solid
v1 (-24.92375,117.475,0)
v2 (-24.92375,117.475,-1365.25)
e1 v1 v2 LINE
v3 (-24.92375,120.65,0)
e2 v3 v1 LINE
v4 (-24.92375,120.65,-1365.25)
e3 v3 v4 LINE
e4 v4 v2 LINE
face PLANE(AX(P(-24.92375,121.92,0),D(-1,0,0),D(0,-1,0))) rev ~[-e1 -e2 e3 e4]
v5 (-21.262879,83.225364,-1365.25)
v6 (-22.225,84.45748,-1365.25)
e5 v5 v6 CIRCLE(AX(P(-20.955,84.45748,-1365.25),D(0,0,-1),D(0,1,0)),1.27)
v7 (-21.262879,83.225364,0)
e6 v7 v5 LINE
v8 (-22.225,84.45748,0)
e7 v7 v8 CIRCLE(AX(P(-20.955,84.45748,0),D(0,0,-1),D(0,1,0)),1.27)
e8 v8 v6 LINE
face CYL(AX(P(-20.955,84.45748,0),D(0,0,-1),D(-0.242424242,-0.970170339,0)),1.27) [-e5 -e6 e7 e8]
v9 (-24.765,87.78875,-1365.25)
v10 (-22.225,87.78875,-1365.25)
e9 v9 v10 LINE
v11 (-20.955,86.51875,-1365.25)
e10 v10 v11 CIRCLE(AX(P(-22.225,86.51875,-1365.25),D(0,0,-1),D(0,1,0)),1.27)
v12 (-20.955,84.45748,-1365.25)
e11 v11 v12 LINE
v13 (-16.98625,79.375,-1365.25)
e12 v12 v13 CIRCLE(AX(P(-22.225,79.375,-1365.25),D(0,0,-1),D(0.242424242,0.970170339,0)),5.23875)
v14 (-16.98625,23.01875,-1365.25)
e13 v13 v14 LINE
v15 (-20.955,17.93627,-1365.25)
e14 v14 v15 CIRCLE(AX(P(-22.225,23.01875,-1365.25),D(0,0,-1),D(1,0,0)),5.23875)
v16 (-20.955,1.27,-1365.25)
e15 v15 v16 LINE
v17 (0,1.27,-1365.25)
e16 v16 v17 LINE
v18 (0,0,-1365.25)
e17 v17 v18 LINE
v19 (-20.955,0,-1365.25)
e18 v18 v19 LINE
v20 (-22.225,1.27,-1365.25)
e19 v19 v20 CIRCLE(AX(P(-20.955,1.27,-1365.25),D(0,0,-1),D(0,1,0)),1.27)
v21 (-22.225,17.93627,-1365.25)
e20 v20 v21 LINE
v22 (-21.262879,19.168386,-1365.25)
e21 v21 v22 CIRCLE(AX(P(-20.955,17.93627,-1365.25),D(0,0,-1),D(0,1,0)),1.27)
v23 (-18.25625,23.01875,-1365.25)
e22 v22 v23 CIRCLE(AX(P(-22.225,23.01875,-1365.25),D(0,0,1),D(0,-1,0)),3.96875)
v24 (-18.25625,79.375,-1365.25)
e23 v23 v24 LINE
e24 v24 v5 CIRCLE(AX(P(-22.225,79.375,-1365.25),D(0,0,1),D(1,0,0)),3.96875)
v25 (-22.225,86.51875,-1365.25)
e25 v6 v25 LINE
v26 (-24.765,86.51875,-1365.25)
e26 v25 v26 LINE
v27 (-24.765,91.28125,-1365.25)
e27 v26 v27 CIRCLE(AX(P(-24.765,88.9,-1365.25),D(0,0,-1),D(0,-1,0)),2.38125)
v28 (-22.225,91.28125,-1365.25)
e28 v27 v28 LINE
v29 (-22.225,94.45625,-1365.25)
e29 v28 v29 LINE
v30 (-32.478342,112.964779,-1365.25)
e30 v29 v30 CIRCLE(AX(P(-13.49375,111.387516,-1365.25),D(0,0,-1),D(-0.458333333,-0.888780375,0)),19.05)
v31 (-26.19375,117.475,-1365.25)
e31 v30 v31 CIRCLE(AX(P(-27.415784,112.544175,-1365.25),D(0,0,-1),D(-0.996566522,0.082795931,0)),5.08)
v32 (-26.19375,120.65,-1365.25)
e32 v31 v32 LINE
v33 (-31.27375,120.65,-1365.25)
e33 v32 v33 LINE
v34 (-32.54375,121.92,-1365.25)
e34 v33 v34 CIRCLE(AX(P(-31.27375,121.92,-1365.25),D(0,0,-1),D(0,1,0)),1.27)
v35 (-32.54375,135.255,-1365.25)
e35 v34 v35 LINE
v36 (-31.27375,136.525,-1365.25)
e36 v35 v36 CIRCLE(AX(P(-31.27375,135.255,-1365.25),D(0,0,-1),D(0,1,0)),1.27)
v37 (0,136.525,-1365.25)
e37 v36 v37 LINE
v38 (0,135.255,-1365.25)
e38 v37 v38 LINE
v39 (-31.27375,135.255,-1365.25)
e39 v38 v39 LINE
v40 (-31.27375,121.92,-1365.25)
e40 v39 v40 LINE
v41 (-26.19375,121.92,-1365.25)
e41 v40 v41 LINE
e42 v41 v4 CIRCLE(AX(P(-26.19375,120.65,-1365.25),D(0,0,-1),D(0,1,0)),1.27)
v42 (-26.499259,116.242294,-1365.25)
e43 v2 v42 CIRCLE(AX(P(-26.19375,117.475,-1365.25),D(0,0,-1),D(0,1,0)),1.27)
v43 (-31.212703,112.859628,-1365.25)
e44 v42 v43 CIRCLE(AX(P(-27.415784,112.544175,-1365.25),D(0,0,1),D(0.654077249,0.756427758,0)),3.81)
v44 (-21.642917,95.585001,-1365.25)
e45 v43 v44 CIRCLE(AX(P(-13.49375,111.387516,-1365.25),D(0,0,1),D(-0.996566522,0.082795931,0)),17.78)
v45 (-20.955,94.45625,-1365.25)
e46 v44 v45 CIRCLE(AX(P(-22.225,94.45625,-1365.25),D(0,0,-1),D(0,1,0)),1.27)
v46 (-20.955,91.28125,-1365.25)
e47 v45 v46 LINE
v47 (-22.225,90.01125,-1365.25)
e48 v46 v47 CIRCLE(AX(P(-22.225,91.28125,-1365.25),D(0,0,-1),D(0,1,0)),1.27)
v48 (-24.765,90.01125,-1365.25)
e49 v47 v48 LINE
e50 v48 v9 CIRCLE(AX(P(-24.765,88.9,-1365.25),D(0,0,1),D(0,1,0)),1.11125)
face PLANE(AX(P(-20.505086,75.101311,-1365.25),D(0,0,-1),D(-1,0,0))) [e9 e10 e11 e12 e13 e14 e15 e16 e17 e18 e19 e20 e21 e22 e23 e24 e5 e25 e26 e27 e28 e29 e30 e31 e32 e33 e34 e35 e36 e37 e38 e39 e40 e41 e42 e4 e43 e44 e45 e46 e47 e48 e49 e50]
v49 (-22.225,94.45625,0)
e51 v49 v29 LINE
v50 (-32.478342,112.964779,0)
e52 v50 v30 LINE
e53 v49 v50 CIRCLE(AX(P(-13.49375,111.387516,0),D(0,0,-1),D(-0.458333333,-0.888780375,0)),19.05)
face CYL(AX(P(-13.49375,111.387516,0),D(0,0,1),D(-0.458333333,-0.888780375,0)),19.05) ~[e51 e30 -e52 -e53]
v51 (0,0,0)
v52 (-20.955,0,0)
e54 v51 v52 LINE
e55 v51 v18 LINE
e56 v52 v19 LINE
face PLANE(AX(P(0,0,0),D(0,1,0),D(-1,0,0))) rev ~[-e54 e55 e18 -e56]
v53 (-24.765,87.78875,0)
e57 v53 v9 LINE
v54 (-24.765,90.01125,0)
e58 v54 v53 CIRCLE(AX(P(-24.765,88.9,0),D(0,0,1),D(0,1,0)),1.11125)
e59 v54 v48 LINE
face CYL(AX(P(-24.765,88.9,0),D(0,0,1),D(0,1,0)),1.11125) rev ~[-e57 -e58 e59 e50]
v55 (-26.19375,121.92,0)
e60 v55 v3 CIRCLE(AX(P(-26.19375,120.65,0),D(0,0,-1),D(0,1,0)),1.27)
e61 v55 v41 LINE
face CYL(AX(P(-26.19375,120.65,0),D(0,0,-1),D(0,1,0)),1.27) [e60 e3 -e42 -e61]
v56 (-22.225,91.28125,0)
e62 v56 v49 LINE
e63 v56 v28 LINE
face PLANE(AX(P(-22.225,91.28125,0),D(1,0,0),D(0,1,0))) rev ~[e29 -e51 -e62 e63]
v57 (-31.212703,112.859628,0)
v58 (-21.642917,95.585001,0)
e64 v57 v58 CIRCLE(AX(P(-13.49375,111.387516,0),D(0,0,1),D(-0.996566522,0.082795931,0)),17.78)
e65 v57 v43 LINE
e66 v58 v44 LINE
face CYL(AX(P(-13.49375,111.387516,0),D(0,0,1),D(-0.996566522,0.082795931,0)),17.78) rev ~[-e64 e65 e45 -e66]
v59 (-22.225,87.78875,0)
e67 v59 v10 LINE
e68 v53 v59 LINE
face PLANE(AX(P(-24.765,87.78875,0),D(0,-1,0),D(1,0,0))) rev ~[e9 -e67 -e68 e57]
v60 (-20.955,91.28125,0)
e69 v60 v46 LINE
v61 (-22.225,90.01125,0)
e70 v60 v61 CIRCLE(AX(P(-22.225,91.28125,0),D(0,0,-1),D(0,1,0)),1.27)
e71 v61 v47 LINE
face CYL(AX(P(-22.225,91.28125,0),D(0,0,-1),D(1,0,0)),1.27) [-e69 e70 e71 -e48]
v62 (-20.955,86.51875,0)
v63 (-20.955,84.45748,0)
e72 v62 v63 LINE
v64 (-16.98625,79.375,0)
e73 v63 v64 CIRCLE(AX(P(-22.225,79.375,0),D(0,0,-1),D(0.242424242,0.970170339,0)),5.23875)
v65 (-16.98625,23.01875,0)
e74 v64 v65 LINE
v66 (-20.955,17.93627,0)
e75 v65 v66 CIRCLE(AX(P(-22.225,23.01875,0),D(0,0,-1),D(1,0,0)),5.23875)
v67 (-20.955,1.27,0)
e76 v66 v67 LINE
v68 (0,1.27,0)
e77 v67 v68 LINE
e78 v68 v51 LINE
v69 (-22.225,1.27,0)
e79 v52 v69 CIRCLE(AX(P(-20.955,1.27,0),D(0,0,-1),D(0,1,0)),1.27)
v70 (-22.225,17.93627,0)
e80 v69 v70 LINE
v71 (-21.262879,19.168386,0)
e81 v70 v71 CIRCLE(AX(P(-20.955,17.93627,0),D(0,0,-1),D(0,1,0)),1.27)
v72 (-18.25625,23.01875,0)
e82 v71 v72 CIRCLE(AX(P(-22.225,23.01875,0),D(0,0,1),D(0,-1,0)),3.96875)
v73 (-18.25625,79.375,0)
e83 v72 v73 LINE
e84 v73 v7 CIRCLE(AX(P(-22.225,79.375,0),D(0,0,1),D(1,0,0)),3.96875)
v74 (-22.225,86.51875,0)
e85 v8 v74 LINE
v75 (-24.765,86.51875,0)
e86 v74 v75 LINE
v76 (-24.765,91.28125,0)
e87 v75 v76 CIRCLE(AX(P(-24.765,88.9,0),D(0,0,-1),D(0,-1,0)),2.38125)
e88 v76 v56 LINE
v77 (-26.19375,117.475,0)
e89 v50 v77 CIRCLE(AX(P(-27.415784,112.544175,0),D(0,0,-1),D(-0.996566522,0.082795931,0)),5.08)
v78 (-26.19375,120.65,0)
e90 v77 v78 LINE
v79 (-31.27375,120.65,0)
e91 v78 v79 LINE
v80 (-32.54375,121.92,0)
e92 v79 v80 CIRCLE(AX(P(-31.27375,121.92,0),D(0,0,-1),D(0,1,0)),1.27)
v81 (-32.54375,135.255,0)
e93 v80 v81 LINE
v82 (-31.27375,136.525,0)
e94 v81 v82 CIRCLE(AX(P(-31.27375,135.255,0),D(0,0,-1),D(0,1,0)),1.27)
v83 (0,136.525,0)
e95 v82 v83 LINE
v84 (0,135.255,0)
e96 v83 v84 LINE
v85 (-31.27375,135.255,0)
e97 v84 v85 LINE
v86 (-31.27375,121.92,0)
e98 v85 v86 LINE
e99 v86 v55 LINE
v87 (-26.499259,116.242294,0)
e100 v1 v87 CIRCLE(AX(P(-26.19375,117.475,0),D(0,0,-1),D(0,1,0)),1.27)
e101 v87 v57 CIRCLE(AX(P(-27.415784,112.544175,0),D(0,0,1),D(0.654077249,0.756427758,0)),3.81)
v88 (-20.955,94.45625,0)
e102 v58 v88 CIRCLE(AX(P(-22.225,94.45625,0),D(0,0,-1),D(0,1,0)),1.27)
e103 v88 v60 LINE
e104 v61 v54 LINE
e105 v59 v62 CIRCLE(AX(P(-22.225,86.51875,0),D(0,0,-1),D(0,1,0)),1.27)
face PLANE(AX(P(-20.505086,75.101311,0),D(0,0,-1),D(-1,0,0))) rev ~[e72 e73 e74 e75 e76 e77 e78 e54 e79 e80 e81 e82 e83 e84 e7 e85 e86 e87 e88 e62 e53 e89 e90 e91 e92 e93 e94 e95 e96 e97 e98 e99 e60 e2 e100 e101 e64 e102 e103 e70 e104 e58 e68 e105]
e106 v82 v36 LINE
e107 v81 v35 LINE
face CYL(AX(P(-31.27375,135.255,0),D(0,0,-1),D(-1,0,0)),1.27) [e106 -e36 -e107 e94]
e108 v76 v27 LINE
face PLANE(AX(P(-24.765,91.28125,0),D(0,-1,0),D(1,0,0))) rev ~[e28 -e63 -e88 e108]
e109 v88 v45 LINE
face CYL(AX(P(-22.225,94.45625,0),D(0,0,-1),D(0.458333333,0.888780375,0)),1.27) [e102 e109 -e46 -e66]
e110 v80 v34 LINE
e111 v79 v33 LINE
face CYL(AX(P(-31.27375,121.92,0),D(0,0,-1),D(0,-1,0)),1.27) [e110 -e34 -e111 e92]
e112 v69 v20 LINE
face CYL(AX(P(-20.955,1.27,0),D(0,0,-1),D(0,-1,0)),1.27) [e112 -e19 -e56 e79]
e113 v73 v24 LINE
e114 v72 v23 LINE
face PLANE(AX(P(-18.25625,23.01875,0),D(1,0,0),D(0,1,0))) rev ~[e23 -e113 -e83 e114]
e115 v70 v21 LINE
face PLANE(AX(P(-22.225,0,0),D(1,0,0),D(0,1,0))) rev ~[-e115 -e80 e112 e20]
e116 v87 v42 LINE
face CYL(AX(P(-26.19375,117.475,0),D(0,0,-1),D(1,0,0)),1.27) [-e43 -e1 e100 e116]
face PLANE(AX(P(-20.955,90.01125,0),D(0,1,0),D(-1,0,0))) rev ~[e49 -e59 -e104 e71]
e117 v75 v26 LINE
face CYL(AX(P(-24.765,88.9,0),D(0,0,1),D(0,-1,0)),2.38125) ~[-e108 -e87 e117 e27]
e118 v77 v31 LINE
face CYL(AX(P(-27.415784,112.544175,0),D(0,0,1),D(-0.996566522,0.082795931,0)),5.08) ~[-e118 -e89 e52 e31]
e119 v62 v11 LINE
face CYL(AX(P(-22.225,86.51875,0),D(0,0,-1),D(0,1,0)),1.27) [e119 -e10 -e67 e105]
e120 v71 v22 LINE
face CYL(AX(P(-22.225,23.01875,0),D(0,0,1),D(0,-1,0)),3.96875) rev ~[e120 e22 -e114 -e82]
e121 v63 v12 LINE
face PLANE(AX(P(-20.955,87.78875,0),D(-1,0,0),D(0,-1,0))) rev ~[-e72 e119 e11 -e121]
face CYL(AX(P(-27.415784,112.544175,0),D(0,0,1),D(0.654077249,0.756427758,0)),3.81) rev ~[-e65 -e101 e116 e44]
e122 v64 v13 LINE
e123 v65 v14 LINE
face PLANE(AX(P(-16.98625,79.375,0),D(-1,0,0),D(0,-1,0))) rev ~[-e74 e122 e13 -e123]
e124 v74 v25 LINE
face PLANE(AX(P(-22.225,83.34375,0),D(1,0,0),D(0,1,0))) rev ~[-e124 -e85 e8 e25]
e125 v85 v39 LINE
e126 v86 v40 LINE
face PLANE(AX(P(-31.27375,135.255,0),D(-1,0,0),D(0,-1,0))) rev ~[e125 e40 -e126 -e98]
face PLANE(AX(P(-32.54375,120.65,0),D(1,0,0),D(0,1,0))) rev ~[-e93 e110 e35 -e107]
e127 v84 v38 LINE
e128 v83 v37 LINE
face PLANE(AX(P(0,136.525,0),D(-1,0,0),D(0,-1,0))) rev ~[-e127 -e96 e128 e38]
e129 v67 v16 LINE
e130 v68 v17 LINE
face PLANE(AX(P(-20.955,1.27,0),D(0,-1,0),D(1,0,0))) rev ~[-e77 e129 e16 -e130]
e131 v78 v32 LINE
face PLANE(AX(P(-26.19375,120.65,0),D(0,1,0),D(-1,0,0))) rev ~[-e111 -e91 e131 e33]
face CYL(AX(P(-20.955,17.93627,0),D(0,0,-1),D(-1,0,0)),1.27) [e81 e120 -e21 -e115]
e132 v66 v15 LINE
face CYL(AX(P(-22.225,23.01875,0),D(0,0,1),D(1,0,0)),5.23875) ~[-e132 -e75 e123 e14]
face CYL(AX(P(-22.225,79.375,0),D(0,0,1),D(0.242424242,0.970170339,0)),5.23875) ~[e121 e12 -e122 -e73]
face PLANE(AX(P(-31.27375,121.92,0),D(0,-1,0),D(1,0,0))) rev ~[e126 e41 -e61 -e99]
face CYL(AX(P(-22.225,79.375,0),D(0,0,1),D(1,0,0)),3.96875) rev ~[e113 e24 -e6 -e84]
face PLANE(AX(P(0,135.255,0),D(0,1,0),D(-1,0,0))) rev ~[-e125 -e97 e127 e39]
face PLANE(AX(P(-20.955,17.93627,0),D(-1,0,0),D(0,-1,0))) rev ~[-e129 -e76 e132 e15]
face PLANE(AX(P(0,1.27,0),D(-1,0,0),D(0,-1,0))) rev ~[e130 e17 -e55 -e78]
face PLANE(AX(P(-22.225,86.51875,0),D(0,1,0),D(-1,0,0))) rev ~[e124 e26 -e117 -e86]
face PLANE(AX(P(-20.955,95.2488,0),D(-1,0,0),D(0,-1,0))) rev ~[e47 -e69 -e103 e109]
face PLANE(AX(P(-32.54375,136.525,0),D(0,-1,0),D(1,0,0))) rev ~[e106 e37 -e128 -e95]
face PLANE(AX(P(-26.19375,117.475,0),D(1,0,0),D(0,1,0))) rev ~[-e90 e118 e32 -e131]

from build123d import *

# Parameters (mm, degrees)
EXTRUDE_THIN1_DEPTH = 1365.25
FILLET1_R           = 1.27


with BuildPart() as part:
    # Sketch1 → Extrude-Thin1 (new body)
    with BuildSketch(Plane.XY):
        with BuildLine():
            Line((0, 0), (-22.225, 0))
            Line((-22.225, 0), (-22.225, 19.05))
            ThreePointArc((-22.225, 19.05), (-19.418669962, 20.212419962), (-18.25625, 23.01875))
            Line((-18.25625, 23.01875), (-18.25625, 79.375))
            ThreePointArc((-18.25625, 79.375), (-19.418669962, 82.181330038), (-22.225, 83.34375))
            Line((-22.225, 83.34375), (-22.225, 86.51875))
            Line((-22.225, 86.51875), (-24.765, 86.51875))
            ThreePointArc((-24.765, 86.51875), (-27.14625, 88.9), (-24.765, 91.28125))
            Line((-24.765, 91.28125), (-22.225, 91.28125))
            Line((-22.225, 91.28125), (-22.225, 94.45625))
            ThreePointArc((-22.225, 94.45625), (-30.157584675, 102.15609622), (-32.478342254, 112.964778641))
            ThreePointArc((-32.478342254, 112.964778641), (-30.377697482, 116.671337824), (-26.19375, 117.475))
            Line((-26.19375, 117.475), (-26.19375, 120.65))
            Line((-26.19375, 120.65), (-32.54375, 120.65))
            Line((-32.54375, 120.65), (-32.54375, 136.525))
            Line((-32.54375, 136.525), (0, 136.525))
            Line((0, 136.525), (0, 135.255))
            Line((0, 135.255), (-31.27375, 135.255))
            Line((-31.27375, 135.255), (-31.27375, 121.92))
            Line((-31.27375, 121.92), (-24.92375, 121.92))
            Line((-24.92375, 121.92), (-24.92375, 115.426165066))
            ThreePointArc((-24.92375, 115.426165066), (-28.855388092, 116.071729842), (-31.21270277, 112.859627808))
            ThreePointArc((-31.21270277, 112.859627808), (-28.857537425, 102.438637116), (-20.955, 95.248800326))
            Line((-20.955, 95.248800326), (-20.955, 90.01125))
            Line((-20.955, 90.01125), (-24.765, 90.01125))
            ThreePointArc((-24.765, 90.01125), (-25.87625, 88.9), (-24.765, 87.78875))
            Line((-24.765, 87.78875), (-20.955, 87.78875))
            Line((-20.955, 87.78875), (-20.955, 84.457479863))
            ThreePointArc((-20.955, 84.457479863), (-18.09597384, 82.599227742), (-16.98625, 79.375))
            Line((-16.98625, 79.375), (-16.98625, 23.01875))
            ThreePointArc((-16.98625, 23.01875), (-18.09597384, 19.794522258), (-20.955, 17.936270137))
            Line((-20.955, 17.936270137), (-20.955, 1.27))
            Line((-20.955, 1.27), (0, 1.27))
            Line((0, 1.27), (0, 0))
        make_face()
    extrude(amount=-EXTRUDE_THIN1_DEPTH)

    # Fillet1
    fillet1_edges = [part.edges().sort_by_distance(p)[0] for p in [
        (-24.92375, 121.92, -682.625),
        (-24.92375, 115.426165066, -682.625),
        (-20.955, 95.248800326, -682.625),
        (-20.955, 90.01125, -682.625),
        (-20.955, 87.78875, -682.625),
        (-22.225, 0, -682.625),
        (-22.225, 19.05, -682.625),
        (-22.225, 83.34375, -682.625),
        (-32.54375, 120.65, -682.625),
        (-32.54375, 136.525, -682.625),
    ]]
    fillet(fillet1_edges, radius=FILLET1_R)


solid = part.part
